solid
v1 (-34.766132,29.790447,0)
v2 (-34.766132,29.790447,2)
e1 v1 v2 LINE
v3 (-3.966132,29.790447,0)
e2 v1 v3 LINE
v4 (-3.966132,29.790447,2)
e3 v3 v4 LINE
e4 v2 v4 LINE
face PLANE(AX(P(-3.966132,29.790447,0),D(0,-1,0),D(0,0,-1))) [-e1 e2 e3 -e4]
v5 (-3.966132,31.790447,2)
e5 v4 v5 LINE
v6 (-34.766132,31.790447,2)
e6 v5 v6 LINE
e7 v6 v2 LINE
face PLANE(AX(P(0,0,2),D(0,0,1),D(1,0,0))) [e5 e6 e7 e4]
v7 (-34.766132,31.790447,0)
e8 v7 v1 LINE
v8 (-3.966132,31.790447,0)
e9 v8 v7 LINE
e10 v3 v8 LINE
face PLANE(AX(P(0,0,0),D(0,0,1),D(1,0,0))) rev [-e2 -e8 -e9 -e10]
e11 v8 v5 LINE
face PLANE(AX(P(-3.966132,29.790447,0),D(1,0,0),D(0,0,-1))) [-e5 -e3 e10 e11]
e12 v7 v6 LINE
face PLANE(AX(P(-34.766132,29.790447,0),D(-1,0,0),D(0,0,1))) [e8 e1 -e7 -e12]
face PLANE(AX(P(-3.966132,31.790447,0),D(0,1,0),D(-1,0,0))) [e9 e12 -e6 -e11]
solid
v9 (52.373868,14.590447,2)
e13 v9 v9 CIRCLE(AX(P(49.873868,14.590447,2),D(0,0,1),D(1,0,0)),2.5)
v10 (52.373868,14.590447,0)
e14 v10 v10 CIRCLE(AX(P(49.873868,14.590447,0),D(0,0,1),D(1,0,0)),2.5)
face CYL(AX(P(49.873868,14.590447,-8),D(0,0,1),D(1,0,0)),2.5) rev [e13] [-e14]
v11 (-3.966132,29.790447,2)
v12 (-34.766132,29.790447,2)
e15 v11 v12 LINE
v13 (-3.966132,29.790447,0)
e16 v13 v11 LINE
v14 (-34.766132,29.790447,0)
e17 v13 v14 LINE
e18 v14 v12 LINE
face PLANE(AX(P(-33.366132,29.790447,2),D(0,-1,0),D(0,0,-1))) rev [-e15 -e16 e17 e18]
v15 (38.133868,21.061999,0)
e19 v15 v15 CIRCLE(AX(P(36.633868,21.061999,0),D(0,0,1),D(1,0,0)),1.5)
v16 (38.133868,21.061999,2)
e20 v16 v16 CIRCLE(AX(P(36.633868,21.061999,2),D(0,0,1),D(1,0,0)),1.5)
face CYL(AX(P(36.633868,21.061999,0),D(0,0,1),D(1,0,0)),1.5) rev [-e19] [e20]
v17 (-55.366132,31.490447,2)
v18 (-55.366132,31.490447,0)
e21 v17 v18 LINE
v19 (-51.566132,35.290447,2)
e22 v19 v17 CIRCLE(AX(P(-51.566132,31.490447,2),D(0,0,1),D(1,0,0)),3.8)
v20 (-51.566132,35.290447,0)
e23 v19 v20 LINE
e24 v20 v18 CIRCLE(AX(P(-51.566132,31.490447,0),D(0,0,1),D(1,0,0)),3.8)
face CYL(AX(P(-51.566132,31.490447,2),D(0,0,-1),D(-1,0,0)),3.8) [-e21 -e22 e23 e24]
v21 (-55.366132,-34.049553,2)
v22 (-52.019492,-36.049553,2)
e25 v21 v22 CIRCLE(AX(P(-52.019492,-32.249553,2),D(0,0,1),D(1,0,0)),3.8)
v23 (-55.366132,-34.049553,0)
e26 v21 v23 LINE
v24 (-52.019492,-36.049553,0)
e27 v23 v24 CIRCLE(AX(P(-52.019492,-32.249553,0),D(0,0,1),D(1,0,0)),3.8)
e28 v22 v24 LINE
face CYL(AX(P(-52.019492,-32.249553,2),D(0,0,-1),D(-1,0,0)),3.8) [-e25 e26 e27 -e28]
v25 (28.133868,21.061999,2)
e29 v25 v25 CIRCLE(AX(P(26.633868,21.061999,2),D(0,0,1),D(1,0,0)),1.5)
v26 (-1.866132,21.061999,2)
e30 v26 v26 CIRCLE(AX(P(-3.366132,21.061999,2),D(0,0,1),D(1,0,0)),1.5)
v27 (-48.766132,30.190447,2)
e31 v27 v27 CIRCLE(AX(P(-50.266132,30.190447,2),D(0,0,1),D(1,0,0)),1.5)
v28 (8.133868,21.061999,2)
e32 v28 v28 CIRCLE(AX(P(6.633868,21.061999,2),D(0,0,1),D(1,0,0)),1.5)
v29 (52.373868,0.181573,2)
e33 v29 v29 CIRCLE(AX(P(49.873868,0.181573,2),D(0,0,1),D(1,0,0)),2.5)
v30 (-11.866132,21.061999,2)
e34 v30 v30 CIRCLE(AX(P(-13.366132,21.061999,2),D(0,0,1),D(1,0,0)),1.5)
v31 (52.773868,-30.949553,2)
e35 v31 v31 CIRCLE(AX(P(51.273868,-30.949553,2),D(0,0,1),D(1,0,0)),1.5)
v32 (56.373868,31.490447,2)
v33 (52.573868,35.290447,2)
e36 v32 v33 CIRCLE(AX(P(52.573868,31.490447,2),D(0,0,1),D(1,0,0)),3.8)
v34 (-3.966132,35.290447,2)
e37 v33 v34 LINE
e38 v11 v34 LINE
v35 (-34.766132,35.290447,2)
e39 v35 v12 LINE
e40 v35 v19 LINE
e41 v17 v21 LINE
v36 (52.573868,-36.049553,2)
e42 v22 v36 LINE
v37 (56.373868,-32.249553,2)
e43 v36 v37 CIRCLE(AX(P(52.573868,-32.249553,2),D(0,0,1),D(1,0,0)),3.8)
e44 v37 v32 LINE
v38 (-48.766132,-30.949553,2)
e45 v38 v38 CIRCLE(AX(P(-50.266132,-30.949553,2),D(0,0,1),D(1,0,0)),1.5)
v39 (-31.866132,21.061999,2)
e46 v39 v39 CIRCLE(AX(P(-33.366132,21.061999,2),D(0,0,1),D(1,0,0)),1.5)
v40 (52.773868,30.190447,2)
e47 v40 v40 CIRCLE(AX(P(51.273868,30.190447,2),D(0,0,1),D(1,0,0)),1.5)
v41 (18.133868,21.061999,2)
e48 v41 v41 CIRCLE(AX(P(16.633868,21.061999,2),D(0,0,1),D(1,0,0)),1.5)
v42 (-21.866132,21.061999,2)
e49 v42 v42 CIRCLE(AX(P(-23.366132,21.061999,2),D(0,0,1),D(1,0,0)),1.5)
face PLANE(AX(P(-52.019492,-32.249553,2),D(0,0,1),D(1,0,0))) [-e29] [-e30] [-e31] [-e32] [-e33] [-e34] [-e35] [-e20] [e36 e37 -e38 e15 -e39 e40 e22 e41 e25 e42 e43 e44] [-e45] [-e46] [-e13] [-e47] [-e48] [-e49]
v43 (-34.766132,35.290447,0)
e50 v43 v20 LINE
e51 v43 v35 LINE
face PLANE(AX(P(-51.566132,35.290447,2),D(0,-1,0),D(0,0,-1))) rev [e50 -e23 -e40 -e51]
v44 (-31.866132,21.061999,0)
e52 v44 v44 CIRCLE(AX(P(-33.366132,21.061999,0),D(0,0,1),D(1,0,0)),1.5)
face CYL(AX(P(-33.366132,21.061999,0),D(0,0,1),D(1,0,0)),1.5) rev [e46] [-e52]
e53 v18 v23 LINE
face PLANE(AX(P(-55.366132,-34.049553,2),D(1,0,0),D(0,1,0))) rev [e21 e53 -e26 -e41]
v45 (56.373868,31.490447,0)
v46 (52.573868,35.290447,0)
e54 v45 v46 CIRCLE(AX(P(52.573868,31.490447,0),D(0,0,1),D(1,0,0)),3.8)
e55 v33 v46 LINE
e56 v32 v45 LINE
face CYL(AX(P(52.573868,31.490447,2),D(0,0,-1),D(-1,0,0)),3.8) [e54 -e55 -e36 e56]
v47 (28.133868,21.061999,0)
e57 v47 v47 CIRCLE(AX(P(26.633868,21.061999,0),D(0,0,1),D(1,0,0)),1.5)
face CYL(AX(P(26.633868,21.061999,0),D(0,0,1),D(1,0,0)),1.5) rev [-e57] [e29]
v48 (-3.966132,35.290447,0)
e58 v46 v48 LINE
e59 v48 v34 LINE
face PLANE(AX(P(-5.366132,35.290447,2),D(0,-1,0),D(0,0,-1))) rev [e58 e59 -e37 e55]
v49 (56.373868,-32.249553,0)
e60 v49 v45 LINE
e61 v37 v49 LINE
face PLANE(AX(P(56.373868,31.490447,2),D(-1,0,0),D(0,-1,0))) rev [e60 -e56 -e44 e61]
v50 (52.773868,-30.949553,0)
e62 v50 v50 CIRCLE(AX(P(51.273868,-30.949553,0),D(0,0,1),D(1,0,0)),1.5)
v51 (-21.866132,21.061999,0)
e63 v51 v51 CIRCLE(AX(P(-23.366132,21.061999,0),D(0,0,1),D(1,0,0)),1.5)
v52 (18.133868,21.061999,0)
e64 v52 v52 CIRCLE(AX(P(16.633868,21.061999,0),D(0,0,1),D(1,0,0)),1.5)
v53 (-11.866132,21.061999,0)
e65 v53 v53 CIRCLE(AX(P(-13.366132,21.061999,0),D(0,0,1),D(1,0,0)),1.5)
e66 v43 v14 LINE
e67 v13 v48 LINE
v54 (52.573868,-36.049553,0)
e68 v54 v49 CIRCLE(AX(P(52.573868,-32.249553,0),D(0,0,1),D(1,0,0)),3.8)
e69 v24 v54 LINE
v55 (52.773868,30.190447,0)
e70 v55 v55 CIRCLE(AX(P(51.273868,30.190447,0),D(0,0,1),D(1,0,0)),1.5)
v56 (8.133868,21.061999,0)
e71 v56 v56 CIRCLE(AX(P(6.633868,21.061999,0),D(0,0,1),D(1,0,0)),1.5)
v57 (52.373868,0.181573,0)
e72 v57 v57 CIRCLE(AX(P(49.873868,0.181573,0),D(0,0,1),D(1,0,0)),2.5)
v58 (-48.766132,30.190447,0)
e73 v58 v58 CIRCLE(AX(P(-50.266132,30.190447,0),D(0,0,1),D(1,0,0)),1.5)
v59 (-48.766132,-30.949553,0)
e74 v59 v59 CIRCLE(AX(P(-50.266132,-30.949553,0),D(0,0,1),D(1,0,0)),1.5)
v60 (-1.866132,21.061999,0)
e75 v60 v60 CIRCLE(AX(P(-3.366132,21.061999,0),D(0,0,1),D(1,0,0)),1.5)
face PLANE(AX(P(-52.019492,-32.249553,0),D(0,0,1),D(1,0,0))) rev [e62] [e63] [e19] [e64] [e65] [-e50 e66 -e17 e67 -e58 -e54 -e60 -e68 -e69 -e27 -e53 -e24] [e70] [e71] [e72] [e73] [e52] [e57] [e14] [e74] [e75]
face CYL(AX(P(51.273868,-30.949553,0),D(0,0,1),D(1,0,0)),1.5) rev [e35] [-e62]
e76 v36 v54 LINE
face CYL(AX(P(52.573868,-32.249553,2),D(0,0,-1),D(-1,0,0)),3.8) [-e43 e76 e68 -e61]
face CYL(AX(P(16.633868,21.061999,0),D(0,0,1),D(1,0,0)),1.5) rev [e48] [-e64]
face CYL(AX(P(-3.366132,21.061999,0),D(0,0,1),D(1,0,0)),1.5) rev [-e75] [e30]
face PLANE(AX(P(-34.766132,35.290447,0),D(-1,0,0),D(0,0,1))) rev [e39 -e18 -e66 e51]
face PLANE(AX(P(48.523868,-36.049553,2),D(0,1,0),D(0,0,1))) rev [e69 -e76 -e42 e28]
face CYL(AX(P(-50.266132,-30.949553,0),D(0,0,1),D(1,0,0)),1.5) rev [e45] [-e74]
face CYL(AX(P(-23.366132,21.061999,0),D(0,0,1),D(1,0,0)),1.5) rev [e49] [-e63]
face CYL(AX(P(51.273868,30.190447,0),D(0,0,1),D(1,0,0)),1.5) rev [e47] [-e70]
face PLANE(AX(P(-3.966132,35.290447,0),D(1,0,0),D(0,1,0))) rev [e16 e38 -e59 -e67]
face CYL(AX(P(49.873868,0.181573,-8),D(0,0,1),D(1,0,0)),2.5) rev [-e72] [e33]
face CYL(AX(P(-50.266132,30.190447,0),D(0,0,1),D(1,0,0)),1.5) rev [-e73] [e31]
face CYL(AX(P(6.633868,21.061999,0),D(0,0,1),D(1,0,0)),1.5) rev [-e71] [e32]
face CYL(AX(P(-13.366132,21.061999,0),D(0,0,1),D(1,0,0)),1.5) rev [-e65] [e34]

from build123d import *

# Parameters (mm, degrees)
SKIZZE1_R                       = 1.05
AUFSATZ_LINEAR_AUSTRAGEN1_DEPTH = 2
SKIZZE2_R                       = 1.5
SCHNITT_LINEAR_AUSTRAGEN1_DEPTH = 2
SKIZZE3_W                       = 1.4
SKIZZE3_H                       = 5.5
SCHNITT_LINEAR_AUSTRAGEN2_DEPTH = 2
SKIZZE4_W                       = 30.8
SKIZZE4_H                       = 2
AUFSATZ_LINEAR_AUSTRAGEN2_DEPTH = 2
SKIZZE6_R                       = 2.5
SCHNITT_LINEAR_AUSTRAGEN4_DEPTH = 10


with BuildPart() as part:
    # Skizze1 → Aufsatz-Linear austragen1 (new body)
    with BuildSketch(Plane.XY):
        with BuildLine():
            Line((-55.366132402, -34.049552882), (-55.366132402, 31.490447118))
            ThreePointArc((-55.366132402, 31.490447118), (-54.253138171, 34.177452886), (-51.566132402, 35.290447118))
            Line((-51.566132402, 35.290447118), (-33.366132402, 35.290447118))
            Line((-33.366132402, 35.290447118), (-33.366132402, 29.790447118))
            Line((-33.366132402, 29.790447118), (-5.366132402, 29.790447118))
            Line((-5.366132402, 29.790447118), (-5.366132402, 35.290447118))
            Line((-5.366132402, 35.290447118), (52.573867598, 35.290447118))
            ThreePointArc((52.573867598, 35.290447118), (55.260873366, 34.177452886), (56.373867598, 31.490447118))
            Line((56.373867598, 31.490447118), (56.373867598, -32.249552882))
            ThreePointArc((56.373867598, -32.249552882), (55.260873366, -34.936558651), (52.573867598, -36.049552882))
            Line((52.573867598, -36.049552882), (48.523867598, -36.049552882))
            Line((48.523867598, -36.049552882), (-48.019492296, -36.049552882))
            Line((-48.019492296, -36.049552882), (-52.019492296, -36.049552882))
            ThreePointArc((-52.019492296, -36.049552882), (-53.968851165, -35.511454168), (-55.366132402, -34.049552882))
        make_face()
        with Locations((-50.266132402, 30.190447118)):
            Circle(SKIZZE1_R, mode=Mode.SUBTRACT)
        with Locations((-50.266132402, -30.949552882)):
            Circle(SKIZZE1_R, mode=Mode.SUBTRACT)
        with Locations((51.273867598, -30.949552882)):
            Circle(SKIZZE1_R, mode=Mode.SUBTRACT)
        with BuildLine():
            ThreePointArc((50.223911393, 30.200037089), (50.865581728, 29.223078187), (52.013189365, 29.444857871))
            ThreePointArc((52.013189365, 29.444857871), (51.682153467, 31.157816049), (50.223911393, 30.200037089))
        make_face(mode=Mode.SUBTRACT)
    extrude(amount=AUFSATZ_LINEAR_AUSTRAGEN1_DEPTH)

    # Skizze2 → Schnitt-Linear austragen1 (cut)
    with BuildSketch(Plane.XY.offset(2)):
        with Locations((-33.366132402, 21.061999377)):
            Circle(SKIZZE2_R)
        with Locations((-23.366132402, 21.061999377)):
            Circle(SKIZZE2_R)
        with Locations((-13.366132402, 21.061999377)):
            Circle(SKIZZE2_R)
        with Locations((-3.366132402, 21.061999377)):
            Circle(SKIZZE2_R)
        with Locations((6.633867598, 21.061999377)):
            Circle(SKIZZE2_R)
        with Locations((16.633867598, 21.061999377)):
            Circle(SKIZZE2_R)
        with Locations((26.633867598, 21.061999377)):
            Circle(SKIZZE2_R)
        with Locations((36.633867598, 21.061999377)):
            Circle(SKIZZE2_R)
        with Locations((-50.266132402, 30.190447118)):
            Circle(SKIZZE2_R)
        with Locations((51.273867598, 30.190447118)):
            Circle(SKIZZE2_R)
        with Locations((51.273867598, -30.949552882)):
            Circle(SKIZZE2_R)
        with Locations((-50.266132402, -30.949552882)):
            Circle(SKIZZE2_R)
    extrude(amount=-SCHNITT_LINEAR_AUSTRAGEN1_DEPTH, mode=Mode.SUBTRACT)

    # Skizze3 → Schnitt-Linear austragen2 (cut)
    with BuildSketch(Plane.XY.offset(2)):
        with Locations((-4.666132402, 32.540447118)):
            Rectangle(SKIZZE3_W, SKIZZE3_H)
        with Locations((-34.066132402, 32.540447118)):
            Rectangle(SKIZZE3_W, SKIZZE3_H)
    extrude(amount=-SCHNITT_LINEAR_AUSTRAGEN2_DEPTH, mode=Mode.SUBTRACT)

    # Skizze6 → Schnitt-Linear austragen4 (cut)
    with BuildSketch(Plane.XY.offset(2)):
        with Locations((49.873867598, 14.590447118)):
            Circle(SKIZZE6_R)
        with Locations((49.873867598, 0.181573061)):
            Circle(SKIZZE6_R)
    extrude(amount=-SCHNITT_LINEAR_AUSTRAGEN4_DEPTH, mode=Mode.SUBTRACT)


with BuildPart() as body_2:
    # Skizze4 → Aufsatz-Linear austragen2 (new body)
    with BuildSketch(Plane.XY.offset(2)):
        with Locations((-19.366132402, 30.790447118)):
            Rectangle(SKIZZE4_W, SKIZZE4_H)
    extrude(amount=-AUFSATZ_LINEAR_AUSTRAGEN2_DEPTH)


solid = Compound([part.part, body_2.part])
